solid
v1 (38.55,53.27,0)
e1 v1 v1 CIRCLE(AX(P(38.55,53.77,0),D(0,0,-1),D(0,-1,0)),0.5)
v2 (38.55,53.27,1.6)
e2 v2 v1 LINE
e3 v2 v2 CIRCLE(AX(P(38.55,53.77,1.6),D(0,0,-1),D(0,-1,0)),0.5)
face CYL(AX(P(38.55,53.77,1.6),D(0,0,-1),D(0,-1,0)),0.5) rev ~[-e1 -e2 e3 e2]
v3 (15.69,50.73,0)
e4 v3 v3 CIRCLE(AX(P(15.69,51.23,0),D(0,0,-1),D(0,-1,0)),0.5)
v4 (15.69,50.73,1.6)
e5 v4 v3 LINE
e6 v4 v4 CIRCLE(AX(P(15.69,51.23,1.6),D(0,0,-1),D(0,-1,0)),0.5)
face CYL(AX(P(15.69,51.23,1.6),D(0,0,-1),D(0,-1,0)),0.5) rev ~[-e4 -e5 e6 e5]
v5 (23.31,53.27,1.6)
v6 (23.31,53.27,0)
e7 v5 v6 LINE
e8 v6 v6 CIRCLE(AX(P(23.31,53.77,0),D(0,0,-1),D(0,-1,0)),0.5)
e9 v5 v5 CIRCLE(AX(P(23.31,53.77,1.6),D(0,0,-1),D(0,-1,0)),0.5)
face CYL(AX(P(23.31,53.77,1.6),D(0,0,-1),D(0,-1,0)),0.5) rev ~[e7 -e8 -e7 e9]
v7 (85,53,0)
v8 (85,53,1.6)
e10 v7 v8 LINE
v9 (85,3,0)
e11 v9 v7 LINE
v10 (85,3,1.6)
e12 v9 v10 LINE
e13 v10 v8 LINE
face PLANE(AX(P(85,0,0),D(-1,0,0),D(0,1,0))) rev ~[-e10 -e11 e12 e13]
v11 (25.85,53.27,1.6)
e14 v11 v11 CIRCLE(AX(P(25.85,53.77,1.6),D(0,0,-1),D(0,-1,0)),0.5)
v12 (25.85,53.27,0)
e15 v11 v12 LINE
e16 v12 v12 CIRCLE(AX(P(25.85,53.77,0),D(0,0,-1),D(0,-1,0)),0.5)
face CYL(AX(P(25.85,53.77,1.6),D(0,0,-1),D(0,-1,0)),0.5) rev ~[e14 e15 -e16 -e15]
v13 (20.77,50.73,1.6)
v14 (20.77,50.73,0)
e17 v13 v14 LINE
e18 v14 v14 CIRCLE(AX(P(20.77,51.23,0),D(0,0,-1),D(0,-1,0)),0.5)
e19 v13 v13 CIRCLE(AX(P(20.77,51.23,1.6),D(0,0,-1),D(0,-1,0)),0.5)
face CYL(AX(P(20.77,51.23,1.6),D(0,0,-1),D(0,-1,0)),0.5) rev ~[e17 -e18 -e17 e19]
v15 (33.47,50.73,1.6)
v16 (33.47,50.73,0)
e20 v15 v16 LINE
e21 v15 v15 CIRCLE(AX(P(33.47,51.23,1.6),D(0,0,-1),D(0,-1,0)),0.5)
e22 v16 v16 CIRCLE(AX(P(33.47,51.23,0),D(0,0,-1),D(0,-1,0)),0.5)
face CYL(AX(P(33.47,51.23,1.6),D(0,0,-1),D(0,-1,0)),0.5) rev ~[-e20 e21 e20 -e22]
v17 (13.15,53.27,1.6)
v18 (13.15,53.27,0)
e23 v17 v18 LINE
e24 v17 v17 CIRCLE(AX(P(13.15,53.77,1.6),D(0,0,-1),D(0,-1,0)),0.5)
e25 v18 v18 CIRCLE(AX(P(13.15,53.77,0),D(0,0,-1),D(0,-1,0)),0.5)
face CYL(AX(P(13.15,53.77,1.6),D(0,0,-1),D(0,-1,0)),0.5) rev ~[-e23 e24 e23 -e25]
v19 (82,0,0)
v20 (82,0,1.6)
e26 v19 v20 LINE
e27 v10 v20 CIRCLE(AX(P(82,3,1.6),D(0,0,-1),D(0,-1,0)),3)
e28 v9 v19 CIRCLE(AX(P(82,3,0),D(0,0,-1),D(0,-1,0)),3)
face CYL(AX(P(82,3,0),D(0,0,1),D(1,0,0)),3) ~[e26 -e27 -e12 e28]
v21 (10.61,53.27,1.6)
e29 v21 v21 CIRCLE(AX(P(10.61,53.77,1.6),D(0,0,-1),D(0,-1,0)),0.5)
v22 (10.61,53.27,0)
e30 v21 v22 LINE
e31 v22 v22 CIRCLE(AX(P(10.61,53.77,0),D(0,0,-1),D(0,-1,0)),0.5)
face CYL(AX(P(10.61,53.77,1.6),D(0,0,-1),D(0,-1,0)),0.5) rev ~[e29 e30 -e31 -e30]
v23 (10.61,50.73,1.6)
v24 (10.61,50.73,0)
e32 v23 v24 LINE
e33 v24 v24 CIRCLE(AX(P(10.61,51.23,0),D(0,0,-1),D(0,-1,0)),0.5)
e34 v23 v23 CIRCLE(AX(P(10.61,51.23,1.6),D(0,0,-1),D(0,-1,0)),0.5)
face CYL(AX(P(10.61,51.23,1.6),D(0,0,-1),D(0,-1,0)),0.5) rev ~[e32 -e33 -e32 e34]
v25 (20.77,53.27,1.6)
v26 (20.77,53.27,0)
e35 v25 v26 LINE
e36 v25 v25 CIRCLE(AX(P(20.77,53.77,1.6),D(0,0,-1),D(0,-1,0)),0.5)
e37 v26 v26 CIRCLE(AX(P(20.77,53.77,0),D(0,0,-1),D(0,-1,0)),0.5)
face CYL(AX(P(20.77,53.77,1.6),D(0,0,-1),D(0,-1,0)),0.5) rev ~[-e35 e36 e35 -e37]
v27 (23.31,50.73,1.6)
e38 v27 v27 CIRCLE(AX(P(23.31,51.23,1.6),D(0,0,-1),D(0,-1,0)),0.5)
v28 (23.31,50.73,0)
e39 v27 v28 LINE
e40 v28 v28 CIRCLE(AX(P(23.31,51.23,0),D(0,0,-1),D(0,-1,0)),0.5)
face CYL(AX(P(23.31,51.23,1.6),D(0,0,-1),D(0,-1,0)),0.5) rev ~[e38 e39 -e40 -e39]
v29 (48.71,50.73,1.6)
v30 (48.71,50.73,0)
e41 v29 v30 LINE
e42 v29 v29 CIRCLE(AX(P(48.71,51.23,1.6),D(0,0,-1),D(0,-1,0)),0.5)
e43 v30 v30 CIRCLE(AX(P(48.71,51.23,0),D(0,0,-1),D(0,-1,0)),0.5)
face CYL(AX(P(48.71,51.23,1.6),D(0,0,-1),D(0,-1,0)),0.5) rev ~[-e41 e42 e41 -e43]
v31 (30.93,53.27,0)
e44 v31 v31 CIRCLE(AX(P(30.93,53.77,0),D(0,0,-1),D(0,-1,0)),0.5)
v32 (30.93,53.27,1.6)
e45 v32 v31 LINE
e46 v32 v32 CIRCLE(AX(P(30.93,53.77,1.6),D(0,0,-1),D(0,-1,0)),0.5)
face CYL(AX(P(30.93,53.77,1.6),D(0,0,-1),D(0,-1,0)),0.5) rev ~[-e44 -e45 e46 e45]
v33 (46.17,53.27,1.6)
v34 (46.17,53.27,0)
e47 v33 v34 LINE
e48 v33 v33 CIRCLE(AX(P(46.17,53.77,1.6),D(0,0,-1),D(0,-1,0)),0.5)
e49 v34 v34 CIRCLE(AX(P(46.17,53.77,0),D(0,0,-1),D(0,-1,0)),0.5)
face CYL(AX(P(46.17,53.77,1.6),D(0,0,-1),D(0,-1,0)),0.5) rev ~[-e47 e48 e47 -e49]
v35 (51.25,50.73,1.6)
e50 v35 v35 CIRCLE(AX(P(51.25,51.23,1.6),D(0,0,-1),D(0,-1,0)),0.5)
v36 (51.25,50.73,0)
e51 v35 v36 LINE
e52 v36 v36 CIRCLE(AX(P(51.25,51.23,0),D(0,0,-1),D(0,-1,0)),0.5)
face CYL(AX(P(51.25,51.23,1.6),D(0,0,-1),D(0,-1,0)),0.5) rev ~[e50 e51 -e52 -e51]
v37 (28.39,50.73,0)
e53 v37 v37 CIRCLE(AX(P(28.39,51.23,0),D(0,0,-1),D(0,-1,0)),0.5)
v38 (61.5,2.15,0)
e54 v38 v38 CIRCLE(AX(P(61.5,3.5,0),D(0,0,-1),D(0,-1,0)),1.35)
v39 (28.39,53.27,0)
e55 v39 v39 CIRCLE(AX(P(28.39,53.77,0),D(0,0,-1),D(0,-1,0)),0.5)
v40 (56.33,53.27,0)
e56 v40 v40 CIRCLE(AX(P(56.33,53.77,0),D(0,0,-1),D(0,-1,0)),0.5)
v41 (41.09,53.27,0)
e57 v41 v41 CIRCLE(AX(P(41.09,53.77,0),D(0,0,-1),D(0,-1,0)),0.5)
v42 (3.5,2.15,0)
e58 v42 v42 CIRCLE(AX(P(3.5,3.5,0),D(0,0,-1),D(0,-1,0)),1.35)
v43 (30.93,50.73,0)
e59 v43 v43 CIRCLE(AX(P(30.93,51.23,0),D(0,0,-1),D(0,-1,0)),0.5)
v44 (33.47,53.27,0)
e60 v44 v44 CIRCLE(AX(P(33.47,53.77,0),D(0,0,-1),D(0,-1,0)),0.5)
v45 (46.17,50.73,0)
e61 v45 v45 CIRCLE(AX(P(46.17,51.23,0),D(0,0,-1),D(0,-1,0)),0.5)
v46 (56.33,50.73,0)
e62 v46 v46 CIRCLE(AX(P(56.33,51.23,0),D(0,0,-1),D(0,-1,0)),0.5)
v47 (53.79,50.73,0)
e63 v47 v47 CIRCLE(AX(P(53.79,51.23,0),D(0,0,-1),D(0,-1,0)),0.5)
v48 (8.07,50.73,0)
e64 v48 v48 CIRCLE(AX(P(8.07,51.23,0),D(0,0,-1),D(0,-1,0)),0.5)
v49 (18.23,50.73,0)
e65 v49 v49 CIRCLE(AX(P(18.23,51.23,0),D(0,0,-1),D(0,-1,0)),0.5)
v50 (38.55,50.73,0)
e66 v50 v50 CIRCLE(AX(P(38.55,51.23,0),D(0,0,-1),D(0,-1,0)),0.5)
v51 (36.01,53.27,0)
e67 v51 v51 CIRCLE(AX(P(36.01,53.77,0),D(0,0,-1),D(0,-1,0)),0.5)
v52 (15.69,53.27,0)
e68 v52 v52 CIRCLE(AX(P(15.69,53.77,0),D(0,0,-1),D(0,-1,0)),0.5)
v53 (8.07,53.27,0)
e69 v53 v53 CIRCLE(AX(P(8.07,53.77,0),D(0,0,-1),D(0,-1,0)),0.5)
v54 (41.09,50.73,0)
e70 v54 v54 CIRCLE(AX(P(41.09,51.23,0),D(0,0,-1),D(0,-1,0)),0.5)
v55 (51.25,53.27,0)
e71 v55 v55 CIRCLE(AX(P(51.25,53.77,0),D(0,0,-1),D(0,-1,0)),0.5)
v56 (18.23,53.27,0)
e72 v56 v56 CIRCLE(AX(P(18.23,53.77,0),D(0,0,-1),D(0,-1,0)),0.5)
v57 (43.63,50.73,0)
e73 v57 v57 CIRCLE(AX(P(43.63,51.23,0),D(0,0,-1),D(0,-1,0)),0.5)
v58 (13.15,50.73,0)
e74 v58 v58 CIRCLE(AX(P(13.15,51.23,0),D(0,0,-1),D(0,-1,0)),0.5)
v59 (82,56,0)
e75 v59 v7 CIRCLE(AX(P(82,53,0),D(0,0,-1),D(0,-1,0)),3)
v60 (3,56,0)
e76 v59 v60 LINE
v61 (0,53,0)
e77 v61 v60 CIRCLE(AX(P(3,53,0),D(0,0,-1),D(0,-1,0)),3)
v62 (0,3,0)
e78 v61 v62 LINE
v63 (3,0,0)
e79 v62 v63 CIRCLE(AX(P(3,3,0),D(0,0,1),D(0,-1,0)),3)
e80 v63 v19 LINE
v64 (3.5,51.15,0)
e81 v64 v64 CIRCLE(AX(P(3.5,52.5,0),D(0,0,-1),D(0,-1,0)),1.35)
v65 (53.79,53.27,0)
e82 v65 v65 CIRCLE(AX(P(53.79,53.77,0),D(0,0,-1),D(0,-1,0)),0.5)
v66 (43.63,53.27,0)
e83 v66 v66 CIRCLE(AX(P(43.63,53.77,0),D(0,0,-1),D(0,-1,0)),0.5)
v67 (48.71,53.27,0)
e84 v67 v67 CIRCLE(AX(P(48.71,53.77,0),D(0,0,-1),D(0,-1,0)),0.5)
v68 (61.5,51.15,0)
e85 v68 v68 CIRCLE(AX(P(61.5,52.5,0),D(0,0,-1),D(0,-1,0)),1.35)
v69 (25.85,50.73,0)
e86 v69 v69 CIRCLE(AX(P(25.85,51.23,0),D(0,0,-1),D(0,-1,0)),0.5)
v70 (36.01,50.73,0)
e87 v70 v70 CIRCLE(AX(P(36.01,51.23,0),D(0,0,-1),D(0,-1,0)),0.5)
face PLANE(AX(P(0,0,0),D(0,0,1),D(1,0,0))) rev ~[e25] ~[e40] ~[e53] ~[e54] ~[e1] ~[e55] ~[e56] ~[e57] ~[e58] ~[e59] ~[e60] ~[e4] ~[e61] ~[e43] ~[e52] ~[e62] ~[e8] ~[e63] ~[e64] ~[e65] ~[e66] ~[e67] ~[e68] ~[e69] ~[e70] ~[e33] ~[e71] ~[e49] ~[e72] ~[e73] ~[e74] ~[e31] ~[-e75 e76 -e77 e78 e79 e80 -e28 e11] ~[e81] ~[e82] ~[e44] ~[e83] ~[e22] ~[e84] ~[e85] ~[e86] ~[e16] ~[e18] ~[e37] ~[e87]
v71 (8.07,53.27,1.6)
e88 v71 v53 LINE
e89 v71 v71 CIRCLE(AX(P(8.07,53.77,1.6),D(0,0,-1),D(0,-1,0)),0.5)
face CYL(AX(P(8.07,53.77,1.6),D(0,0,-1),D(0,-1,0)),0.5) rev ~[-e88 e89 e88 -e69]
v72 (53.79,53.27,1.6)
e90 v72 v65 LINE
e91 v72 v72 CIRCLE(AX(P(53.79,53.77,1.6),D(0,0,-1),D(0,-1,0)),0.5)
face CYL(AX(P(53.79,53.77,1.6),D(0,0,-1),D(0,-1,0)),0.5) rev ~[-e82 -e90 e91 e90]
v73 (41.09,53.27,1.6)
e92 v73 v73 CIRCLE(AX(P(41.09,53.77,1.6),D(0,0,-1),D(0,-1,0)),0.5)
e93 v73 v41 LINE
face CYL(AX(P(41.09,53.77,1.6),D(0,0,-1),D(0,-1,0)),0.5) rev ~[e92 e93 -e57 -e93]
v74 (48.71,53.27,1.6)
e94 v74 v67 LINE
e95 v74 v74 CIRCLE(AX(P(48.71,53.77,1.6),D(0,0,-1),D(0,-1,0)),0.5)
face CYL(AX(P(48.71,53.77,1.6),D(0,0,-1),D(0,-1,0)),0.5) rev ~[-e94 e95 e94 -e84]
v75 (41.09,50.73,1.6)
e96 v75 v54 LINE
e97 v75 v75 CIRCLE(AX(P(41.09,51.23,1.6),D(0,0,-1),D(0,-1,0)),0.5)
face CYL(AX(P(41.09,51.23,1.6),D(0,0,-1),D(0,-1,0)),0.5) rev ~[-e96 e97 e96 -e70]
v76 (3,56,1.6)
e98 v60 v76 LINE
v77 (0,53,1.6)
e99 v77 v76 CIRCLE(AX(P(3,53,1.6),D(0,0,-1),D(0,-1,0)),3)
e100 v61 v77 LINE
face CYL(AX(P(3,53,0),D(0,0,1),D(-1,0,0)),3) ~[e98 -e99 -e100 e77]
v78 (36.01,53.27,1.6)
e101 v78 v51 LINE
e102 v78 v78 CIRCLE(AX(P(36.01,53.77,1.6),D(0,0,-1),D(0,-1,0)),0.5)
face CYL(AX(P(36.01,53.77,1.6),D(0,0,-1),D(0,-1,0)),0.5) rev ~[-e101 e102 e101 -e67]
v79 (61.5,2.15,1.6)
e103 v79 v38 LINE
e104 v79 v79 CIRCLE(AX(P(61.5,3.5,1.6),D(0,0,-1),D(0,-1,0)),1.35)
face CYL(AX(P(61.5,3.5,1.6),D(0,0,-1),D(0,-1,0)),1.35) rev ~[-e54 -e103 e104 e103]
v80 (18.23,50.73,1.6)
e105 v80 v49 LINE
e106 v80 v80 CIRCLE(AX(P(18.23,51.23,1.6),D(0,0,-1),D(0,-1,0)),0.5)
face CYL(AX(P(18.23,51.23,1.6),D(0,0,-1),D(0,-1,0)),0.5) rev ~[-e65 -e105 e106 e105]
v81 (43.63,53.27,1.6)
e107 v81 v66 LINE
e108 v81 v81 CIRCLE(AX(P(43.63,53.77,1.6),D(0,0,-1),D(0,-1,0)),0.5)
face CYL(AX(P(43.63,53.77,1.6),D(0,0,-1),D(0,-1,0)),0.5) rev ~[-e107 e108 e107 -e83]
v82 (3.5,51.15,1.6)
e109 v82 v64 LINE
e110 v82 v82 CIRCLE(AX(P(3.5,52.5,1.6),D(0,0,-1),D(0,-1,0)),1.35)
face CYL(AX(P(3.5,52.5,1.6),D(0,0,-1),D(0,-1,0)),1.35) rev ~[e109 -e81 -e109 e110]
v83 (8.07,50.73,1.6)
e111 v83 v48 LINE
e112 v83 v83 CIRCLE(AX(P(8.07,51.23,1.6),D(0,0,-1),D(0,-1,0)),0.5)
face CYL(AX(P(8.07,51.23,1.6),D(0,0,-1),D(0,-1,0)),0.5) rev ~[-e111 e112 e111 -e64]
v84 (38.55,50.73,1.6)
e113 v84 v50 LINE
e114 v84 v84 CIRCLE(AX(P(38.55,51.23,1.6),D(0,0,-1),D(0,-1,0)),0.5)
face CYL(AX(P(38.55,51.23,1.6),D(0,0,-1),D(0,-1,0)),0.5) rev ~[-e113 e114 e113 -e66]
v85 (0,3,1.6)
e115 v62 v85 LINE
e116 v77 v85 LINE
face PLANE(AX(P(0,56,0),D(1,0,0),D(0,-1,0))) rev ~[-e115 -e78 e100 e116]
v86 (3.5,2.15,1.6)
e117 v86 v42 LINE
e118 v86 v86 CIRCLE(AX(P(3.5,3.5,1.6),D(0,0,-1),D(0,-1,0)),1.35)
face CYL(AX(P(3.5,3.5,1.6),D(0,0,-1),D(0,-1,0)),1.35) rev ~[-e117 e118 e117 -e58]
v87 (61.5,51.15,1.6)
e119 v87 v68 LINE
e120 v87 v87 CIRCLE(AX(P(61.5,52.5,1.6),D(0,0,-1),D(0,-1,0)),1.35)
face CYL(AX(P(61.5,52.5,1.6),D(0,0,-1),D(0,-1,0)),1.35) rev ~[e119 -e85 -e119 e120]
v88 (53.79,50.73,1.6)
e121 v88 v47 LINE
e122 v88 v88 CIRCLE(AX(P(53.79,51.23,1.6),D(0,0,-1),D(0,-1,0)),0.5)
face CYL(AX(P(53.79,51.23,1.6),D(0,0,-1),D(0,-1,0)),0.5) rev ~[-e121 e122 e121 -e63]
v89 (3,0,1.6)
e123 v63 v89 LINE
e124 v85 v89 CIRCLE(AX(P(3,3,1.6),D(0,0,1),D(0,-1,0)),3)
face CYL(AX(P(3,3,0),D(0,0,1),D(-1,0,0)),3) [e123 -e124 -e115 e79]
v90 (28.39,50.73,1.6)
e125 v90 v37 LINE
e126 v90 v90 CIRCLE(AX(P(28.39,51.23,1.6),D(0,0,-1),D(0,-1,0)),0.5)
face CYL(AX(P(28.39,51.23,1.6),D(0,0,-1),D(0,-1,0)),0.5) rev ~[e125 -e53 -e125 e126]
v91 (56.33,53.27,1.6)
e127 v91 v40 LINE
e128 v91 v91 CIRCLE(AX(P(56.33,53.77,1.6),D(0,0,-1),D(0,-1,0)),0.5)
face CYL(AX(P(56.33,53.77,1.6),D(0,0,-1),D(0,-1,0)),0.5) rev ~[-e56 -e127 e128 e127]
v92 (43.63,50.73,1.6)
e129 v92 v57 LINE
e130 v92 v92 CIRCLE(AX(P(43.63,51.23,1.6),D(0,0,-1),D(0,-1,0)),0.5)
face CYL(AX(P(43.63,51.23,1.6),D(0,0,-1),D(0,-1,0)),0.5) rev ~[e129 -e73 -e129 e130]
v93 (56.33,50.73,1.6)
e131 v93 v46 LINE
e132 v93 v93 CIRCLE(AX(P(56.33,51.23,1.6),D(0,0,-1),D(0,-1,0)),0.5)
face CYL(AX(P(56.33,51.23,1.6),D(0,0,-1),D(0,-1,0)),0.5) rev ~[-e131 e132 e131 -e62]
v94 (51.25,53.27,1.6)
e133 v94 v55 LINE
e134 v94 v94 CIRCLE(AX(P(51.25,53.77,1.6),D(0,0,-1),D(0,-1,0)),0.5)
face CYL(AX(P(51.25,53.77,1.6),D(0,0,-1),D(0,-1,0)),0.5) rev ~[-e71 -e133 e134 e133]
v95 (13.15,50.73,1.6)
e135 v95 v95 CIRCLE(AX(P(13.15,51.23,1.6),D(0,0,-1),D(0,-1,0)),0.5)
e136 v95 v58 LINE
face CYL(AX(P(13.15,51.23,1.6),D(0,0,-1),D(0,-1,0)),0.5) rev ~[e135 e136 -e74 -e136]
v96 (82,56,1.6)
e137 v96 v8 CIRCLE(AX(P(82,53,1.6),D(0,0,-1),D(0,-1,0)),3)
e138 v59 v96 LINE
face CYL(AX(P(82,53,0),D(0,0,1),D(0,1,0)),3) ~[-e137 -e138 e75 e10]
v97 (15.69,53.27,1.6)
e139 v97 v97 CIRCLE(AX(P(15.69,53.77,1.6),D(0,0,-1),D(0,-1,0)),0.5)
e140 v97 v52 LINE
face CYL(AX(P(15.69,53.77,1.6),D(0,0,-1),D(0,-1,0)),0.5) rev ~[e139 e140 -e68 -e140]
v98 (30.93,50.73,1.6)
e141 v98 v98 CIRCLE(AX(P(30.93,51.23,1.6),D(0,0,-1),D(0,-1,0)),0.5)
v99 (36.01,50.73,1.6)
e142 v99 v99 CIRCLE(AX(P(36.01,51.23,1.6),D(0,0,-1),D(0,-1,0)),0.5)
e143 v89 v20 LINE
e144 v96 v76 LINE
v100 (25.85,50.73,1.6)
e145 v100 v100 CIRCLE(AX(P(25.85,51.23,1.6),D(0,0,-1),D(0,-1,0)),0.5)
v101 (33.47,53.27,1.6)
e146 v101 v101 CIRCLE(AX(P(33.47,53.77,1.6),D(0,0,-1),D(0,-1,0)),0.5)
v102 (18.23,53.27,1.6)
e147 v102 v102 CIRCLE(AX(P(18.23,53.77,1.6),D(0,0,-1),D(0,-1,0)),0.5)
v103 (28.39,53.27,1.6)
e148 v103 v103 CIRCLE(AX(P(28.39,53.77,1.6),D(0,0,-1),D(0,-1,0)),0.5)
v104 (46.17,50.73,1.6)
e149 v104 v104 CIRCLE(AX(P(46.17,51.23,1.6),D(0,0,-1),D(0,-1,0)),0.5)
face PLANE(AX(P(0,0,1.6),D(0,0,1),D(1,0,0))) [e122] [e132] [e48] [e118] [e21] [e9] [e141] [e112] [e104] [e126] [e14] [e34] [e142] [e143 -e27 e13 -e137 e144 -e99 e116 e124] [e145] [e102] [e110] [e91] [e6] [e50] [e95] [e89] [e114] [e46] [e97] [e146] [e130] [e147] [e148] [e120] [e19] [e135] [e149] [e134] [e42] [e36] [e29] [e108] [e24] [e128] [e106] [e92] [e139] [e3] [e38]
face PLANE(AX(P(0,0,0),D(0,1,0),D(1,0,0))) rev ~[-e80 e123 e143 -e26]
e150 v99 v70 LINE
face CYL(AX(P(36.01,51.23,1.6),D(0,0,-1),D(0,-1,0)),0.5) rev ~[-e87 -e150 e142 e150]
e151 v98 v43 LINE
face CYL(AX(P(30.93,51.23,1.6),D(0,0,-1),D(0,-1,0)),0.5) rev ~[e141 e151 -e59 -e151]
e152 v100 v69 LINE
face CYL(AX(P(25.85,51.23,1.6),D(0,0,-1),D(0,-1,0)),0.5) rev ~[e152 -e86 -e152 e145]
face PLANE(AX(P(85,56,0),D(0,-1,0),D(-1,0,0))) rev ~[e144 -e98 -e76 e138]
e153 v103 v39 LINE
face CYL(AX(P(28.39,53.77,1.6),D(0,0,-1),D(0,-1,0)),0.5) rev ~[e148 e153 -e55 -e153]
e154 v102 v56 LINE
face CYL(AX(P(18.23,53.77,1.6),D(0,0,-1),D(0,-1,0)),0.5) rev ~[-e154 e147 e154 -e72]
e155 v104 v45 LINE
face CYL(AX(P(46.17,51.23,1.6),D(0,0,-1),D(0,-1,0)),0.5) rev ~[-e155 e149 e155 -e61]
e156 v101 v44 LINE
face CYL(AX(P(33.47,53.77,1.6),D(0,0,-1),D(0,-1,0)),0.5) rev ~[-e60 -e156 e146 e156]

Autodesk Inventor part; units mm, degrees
ref_plane "YZ Plane" through (0, 0, 0) normal (1, 0, 0) x (0, 1, 0)
ref_plane "XZ Plane" through (0, 0, 0) normal (0, 1, 0) x (-1, 0, 0)
ref_plane "XY Plane" through (0, 0, 0) normal (0, 0, 1) x (1, 0, 0)
sketch "スケッチ1" plane through (0, 0, 0) normal (0, 0, 1) x (1, 0, 0)
  line L0 (0, 0) -> (85, 0)
  line L1 (85, 0) -> (85, 56)
  line L2 (85, 56) -> (0, 56)
  line L3 (0, 56) -> (0, 0)
  dimension "d0" = 56
  dimension "d1" = 85
extrude "押し出し1" add sketch "スケッチ1" along normal blind 1.6
fillet "フィレット1" radius 3 4 edges at (85, 56, 0.8) (85, 0, 0.8) (0, 0, 0.8) (0, 56, 0.8)
sketch "スケッチ2" plane through (0, 0, 1.6) normal (0, 0, 1) x (1, 0, 0)
  line L0 (3.5, 52.5) -> (61.5, 52.5)
  line L1 (61.5, 52.5) -> (61.5, 3.5)
  line L2 (61.5, 3.5) -> (3.5, 3.5)
  line L3 (3.5, 3.5) -> (3.5, 52.5)
  line L4 (0, 53) -> (0, 3) projected
  line L5 (0, 28) -> (3.5, 28)
  point P0 (0, 0)
  dimension "d5" = 58
  dimension "d6" = 49
  dimension "d7" = 3.5
hole "穴1" at (61.5, 52.5, 1.6) at (61.5, 3.5, 1.6) at (3.5, 3.5, 1.6) at (3.5, 52.5, 1.6) direction (0, 0, -1) diameter 2.7 end through all
sketch "スケッチ3" plane through (0, 0, 1.6) normal (0, 0, 1) x (1, 0, 0)
  circle A0 centre (8.07, 53.77) radius 0.5
  line L0 (82, 56) -> (3, 56) projected
  line L1 (0, 53) -> (0, 3) projected
  point P0 (0, 0)
  dimension "d15" = 1
  dimension "d16" = 2.23
  dimension "d17" = 8.07
hole "穴2" at (8.07, 53.77, 1.6) direction (0, 0, -1) diameter 1 end through all
pattern_linear "矩形状パターン1" count 2 spacing 2.54 along (0, -1, 0) count 20 spacing 2.54 along (1, 0, 0) of "穴2"
properties part number "RasPiArm基板" material "GFRC"
